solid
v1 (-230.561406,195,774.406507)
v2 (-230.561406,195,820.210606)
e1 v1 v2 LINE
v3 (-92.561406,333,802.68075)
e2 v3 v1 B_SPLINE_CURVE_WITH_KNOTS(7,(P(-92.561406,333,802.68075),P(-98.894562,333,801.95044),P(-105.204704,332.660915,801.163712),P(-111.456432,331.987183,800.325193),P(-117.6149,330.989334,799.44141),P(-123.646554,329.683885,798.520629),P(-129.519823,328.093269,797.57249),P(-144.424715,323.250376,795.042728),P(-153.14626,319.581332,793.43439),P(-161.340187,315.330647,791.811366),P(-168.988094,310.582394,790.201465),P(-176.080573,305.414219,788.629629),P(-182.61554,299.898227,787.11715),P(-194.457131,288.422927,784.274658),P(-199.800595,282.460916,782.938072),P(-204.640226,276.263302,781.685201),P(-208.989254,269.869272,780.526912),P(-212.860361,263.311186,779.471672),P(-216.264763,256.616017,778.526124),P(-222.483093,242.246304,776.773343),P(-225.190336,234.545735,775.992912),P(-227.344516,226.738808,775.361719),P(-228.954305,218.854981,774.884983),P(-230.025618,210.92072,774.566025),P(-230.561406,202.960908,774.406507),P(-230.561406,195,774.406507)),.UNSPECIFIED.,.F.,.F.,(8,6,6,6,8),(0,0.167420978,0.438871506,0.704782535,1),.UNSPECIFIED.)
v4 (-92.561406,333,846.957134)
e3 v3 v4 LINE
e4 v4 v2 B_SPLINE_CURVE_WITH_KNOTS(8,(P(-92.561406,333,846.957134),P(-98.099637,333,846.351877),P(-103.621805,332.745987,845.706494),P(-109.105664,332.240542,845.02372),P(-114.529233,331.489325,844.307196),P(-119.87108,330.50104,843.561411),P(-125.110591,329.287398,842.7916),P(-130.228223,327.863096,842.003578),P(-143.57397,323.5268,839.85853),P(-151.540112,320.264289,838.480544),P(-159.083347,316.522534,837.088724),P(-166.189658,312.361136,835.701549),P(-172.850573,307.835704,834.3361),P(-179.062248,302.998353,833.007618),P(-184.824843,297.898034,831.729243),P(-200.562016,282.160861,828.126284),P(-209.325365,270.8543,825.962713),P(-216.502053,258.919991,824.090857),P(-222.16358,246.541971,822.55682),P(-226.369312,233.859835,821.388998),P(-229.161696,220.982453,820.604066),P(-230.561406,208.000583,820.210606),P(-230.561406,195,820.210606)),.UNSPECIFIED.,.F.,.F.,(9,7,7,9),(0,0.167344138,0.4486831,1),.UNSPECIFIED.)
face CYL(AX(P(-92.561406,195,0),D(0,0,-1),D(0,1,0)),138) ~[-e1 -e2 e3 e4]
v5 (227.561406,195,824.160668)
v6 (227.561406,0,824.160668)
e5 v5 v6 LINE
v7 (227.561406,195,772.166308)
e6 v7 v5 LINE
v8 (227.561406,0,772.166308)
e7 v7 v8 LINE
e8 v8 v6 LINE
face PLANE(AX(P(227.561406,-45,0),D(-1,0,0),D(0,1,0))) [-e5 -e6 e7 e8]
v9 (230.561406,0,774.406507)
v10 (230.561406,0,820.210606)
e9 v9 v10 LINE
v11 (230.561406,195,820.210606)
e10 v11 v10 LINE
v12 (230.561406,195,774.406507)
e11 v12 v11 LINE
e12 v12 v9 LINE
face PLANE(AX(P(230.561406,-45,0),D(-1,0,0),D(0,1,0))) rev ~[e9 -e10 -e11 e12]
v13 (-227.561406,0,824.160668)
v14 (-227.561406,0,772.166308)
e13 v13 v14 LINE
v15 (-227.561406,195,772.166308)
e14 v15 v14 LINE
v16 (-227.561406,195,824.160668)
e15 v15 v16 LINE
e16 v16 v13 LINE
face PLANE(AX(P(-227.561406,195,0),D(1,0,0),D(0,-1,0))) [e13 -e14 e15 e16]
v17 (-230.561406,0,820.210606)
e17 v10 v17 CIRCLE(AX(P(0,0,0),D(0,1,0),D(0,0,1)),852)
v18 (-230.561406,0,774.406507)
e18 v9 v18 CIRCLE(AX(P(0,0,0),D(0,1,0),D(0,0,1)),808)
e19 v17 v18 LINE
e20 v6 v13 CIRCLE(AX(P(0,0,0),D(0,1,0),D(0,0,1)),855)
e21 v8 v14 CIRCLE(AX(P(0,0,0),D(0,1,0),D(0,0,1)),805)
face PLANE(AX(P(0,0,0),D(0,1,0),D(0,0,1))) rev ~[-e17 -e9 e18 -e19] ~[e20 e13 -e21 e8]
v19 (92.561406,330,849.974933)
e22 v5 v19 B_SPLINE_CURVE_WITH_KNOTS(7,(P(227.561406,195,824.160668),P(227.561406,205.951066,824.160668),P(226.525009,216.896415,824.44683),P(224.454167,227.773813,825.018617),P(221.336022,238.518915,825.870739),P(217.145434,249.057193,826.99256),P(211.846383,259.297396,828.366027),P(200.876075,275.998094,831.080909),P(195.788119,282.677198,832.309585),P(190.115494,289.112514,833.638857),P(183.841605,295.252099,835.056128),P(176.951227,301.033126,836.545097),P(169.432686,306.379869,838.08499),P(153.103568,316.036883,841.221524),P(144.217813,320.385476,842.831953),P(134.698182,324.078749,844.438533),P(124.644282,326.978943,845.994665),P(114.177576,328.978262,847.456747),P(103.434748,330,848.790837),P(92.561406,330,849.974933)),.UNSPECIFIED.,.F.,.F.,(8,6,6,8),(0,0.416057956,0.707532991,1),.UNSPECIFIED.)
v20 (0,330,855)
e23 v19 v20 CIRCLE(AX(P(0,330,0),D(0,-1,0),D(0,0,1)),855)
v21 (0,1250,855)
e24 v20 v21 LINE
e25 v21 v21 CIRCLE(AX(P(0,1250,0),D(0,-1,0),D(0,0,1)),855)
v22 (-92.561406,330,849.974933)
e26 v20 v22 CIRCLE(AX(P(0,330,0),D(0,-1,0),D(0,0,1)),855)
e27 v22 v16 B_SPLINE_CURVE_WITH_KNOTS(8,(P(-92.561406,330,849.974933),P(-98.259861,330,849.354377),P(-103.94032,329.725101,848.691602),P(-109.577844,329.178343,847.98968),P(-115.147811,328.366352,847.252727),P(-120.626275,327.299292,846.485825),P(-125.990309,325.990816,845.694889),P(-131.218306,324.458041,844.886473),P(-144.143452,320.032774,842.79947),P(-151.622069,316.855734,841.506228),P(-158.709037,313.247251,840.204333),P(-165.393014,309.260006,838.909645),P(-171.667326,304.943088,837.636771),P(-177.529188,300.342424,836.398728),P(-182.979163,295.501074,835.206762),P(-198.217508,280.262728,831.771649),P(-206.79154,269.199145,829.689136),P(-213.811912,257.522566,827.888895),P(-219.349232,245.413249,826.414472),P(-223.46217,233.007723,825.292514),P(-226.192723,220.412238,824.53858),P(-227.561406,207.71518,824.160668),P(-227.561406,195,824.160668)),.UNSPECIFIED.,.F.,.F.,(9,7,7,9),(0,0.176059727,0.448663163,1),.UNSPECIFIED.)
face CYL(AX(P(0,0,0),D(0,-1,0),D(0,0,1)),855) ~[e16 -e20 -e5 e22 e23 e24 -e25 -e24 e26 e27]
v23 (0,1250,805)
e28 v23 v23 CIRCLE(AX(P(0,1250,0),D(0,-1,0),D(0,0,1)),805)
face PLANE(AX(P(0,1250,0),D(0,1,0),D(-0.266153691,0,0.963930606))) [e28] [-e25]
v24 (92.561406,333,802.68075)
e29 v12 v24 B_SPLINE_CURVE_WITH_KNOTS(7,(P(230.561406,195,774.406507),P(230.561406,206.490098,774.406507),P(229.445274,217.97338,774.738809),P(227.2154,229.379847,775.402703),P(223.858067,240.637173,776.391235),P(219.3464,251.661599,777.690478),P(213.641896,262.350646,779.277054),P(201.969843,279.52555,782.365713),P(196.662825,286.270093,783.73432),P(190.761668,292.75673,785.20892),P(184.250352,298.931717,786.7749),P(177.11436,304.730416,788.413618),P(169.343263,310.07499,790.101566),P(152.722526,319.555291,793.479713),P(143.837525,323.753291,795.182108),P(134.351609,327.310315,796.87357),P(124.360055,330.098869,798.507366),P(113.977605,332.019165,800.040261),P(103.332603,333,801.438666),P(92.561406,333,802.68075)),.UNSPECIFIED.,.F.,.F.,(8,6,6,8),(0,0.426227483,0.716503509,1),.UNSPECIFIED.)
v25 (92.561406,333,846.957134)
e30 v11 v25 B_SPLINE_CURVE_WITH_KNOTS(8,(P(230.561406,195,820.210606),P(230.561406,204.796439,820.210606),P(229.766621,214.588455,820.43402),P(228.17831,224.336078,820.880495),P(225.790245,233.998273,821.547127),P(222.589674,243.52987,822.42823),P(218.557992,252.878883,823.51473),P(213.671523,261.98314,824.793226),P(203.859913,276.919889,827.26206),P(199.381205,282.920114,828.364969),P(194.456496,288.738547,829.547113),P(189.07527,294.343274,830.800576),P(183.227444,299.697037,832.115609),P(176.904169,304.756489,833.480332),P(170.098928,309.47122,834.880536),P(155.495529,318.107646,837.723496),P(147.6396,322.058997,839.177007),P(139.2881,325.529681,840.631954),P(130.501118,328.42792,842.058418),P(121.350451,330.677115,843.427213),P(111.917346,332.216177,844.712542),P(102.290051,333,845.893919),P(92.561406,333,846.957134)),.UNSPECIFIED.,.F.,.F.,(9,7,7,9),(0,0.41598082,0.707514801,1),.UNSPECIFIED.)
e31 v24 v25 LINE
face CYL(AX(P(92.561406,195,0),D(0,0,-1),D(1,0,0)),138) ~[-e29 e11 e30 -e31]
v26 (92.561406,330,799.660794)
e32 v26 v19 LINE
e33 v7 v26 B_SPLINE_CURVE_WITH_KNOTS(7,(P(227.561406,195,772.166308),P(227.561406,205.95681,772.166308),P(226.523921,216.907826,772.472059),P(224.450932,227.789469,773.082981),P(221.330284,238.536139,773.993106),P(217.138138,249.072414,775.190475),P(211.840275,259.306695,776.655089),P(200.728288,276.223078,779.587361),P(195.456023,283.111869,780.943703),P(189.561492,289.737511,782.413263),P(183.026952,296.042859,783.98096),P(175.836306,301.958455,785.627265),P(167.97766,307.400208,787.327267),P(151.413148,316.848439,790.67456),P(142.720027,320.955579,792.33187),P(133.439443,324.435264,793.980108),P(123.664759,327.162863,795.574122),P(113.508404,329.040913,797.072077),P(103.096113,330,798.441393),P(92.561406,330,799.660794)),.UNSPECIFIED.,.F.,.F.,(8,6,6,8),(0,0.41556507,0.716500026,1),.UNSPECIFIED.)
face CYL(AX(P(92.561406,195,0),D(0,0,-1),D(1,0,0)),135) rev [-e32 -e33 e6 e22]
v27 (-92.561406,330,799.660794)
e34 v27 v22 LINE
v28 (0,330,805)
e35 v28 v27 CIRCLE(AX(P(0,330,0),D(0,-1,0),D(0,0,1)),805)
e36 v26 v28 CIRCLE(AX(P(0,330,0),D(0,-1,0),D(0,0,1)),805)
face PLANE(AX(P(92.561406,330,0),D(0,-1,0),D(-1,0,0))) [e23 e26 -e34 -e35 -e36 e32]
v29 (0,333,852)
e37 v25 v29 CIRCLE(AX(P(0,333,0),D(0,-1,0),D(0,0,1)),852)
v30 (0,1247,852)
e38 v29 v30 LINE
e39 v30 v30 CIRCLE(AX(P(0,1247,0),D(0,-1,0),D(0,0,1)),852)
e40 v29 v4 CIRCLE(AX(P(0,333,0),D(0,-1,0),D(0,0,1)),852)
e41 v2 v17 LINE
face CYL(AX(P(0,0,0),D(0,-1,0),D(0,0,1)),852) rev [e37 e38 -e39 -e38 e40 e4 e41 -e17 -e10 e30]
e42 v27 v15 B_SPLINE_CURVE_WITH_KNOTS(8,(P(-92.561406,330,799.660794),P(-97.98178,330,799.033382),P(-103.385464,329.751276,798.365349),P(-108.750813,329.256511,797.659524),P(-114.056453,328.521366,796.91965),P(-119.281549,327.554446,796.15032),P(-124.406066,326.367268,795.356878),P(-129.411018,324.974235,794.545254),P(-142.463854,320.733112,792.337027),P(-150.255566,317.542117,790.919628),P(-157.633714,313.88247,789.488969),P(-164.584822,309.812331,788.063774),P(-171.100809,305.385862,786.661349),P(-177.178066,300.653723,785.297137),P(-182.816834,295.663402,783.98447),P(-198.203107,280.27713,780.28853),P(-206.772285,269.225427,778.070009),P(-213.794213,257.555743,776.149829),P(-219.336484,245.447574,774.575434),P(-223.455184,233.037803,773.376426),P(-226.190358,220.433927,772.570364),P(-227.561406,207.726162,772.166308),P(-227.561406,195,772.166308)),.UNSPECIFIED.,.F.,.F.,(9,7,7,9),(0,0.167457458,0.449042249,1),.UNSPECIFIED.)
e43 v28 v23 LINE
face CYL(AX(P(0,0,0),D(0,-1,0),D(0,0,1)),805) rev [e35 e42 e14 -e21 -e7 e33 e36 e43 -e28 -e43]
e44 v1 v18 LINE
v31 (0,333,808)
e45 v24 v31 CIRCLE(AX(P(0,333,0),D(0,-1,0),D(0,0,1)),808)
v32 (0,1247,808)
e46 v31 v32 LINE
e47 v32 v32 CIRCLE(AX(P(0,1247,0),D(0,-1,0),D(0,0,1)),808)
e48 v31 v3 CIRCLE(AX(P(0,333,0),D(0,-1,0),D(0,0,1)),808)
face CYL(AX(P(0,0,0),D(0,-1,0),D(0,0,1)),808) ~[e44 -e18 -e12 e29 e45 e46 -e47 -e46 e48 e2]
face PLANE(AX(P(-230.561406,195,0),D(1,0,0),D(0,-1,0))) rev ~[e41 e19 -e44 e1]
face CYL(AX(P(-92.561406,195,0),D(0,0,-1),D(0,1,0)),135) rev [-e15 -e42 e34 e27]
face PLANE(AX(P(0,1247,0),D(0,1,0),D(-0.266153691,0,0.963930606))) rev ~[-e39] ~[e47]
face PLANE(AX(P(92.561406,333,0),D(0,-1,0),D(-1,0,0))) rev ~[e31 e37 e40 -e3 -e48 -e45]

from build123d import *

# Parameters (mm, degrees)
SKETCH1_R           = 855
SKETCH1_R_2         = 805
BOSS_EXTRUDE1_DEPTH = 1300
CUT_EXTRUDE1_DEPTH  = 2646
CUT_EXTRUDE2_START  = -50
SKETCH3_R           = 855
CUT_EXTRUDE2_DEPTH  = 50
SHELL1_T            = -3


with BuildPart() as part:
    # Sketch1 → Boss-Extrude1 (new body)
    with BuildSketch(Plane(origin=(0, 0, 0), x_dir=(1, 0, 0), z_dir=(0, 1, 0))):
        with Locations(Location((0, 0, 0), (0, 0, 270))):
            Circle(SKETCH1_R)
        with Locations(Location((0, 0, 0), (0, 0, 270))):
            Circle(SKETCH1_R_2, mode=Mode.SUBTRACT)
    extrude(amount=BOSS_EXTRUDE1_DEPTH)

    # Sketch2 → Cut-Extrude1 (cut)
    with BuildSketch(Plane.XY):
        with BuildLine():
            Line((92.561405604, 330), (-92.561405604, 330))
            ThreePointArc((-92.561405604, 330), (-188.020821064, 290.45941546), (-227.561405604, 195))
            Line((-227.561405604, 195), (-227.561405604, -45))
            ThreePointArc((-227.561405604, -45), (-188.020821064, -140.45941546), (-92.561405604, -180))
            Line((-92.561405604, -180), (92.561405604, -180))
            ThreePointArc((92.561405604, -180), (188.020821064, -140.45941546), (227.561405604, -45))
            Line((227.561405604, -45), (227.561405604, 195))
            ThreePointArc((227.561405604, 195), (188.020821064, 290.45941546), (92.561405604, 330))
        make_face()
    extrude(amount=CUT_EXTRUDE1_DEPTH, mode=Mode.SUBTRACT)

    # Sketch3 → Cut-Extrude2 (cut)
    with BuildSketch(Plane(origin=(0, 1300, 0), x_dir=(1, 0, 0), z_dir=(0, 1, 0)).offset(CUT_EXTRUDE2_START)):
        with Locations(Location((0, 0, 0), (0, 0, 254.56448344))):
            Circle(SKETCH3_R)
    extrude(amount=CUT_EXTRUDE2_DEPTH, mode=Mode.SUBTRACT)

    # Shell1
    shell1_openings = [part.faces().sort_by_distance(p)[0] for p in [
        (251.527382632, 0, 798.163487829),
    ]]
    offset(amount=SHELL1_T, openings=shell1_openings)


solid = part.part
